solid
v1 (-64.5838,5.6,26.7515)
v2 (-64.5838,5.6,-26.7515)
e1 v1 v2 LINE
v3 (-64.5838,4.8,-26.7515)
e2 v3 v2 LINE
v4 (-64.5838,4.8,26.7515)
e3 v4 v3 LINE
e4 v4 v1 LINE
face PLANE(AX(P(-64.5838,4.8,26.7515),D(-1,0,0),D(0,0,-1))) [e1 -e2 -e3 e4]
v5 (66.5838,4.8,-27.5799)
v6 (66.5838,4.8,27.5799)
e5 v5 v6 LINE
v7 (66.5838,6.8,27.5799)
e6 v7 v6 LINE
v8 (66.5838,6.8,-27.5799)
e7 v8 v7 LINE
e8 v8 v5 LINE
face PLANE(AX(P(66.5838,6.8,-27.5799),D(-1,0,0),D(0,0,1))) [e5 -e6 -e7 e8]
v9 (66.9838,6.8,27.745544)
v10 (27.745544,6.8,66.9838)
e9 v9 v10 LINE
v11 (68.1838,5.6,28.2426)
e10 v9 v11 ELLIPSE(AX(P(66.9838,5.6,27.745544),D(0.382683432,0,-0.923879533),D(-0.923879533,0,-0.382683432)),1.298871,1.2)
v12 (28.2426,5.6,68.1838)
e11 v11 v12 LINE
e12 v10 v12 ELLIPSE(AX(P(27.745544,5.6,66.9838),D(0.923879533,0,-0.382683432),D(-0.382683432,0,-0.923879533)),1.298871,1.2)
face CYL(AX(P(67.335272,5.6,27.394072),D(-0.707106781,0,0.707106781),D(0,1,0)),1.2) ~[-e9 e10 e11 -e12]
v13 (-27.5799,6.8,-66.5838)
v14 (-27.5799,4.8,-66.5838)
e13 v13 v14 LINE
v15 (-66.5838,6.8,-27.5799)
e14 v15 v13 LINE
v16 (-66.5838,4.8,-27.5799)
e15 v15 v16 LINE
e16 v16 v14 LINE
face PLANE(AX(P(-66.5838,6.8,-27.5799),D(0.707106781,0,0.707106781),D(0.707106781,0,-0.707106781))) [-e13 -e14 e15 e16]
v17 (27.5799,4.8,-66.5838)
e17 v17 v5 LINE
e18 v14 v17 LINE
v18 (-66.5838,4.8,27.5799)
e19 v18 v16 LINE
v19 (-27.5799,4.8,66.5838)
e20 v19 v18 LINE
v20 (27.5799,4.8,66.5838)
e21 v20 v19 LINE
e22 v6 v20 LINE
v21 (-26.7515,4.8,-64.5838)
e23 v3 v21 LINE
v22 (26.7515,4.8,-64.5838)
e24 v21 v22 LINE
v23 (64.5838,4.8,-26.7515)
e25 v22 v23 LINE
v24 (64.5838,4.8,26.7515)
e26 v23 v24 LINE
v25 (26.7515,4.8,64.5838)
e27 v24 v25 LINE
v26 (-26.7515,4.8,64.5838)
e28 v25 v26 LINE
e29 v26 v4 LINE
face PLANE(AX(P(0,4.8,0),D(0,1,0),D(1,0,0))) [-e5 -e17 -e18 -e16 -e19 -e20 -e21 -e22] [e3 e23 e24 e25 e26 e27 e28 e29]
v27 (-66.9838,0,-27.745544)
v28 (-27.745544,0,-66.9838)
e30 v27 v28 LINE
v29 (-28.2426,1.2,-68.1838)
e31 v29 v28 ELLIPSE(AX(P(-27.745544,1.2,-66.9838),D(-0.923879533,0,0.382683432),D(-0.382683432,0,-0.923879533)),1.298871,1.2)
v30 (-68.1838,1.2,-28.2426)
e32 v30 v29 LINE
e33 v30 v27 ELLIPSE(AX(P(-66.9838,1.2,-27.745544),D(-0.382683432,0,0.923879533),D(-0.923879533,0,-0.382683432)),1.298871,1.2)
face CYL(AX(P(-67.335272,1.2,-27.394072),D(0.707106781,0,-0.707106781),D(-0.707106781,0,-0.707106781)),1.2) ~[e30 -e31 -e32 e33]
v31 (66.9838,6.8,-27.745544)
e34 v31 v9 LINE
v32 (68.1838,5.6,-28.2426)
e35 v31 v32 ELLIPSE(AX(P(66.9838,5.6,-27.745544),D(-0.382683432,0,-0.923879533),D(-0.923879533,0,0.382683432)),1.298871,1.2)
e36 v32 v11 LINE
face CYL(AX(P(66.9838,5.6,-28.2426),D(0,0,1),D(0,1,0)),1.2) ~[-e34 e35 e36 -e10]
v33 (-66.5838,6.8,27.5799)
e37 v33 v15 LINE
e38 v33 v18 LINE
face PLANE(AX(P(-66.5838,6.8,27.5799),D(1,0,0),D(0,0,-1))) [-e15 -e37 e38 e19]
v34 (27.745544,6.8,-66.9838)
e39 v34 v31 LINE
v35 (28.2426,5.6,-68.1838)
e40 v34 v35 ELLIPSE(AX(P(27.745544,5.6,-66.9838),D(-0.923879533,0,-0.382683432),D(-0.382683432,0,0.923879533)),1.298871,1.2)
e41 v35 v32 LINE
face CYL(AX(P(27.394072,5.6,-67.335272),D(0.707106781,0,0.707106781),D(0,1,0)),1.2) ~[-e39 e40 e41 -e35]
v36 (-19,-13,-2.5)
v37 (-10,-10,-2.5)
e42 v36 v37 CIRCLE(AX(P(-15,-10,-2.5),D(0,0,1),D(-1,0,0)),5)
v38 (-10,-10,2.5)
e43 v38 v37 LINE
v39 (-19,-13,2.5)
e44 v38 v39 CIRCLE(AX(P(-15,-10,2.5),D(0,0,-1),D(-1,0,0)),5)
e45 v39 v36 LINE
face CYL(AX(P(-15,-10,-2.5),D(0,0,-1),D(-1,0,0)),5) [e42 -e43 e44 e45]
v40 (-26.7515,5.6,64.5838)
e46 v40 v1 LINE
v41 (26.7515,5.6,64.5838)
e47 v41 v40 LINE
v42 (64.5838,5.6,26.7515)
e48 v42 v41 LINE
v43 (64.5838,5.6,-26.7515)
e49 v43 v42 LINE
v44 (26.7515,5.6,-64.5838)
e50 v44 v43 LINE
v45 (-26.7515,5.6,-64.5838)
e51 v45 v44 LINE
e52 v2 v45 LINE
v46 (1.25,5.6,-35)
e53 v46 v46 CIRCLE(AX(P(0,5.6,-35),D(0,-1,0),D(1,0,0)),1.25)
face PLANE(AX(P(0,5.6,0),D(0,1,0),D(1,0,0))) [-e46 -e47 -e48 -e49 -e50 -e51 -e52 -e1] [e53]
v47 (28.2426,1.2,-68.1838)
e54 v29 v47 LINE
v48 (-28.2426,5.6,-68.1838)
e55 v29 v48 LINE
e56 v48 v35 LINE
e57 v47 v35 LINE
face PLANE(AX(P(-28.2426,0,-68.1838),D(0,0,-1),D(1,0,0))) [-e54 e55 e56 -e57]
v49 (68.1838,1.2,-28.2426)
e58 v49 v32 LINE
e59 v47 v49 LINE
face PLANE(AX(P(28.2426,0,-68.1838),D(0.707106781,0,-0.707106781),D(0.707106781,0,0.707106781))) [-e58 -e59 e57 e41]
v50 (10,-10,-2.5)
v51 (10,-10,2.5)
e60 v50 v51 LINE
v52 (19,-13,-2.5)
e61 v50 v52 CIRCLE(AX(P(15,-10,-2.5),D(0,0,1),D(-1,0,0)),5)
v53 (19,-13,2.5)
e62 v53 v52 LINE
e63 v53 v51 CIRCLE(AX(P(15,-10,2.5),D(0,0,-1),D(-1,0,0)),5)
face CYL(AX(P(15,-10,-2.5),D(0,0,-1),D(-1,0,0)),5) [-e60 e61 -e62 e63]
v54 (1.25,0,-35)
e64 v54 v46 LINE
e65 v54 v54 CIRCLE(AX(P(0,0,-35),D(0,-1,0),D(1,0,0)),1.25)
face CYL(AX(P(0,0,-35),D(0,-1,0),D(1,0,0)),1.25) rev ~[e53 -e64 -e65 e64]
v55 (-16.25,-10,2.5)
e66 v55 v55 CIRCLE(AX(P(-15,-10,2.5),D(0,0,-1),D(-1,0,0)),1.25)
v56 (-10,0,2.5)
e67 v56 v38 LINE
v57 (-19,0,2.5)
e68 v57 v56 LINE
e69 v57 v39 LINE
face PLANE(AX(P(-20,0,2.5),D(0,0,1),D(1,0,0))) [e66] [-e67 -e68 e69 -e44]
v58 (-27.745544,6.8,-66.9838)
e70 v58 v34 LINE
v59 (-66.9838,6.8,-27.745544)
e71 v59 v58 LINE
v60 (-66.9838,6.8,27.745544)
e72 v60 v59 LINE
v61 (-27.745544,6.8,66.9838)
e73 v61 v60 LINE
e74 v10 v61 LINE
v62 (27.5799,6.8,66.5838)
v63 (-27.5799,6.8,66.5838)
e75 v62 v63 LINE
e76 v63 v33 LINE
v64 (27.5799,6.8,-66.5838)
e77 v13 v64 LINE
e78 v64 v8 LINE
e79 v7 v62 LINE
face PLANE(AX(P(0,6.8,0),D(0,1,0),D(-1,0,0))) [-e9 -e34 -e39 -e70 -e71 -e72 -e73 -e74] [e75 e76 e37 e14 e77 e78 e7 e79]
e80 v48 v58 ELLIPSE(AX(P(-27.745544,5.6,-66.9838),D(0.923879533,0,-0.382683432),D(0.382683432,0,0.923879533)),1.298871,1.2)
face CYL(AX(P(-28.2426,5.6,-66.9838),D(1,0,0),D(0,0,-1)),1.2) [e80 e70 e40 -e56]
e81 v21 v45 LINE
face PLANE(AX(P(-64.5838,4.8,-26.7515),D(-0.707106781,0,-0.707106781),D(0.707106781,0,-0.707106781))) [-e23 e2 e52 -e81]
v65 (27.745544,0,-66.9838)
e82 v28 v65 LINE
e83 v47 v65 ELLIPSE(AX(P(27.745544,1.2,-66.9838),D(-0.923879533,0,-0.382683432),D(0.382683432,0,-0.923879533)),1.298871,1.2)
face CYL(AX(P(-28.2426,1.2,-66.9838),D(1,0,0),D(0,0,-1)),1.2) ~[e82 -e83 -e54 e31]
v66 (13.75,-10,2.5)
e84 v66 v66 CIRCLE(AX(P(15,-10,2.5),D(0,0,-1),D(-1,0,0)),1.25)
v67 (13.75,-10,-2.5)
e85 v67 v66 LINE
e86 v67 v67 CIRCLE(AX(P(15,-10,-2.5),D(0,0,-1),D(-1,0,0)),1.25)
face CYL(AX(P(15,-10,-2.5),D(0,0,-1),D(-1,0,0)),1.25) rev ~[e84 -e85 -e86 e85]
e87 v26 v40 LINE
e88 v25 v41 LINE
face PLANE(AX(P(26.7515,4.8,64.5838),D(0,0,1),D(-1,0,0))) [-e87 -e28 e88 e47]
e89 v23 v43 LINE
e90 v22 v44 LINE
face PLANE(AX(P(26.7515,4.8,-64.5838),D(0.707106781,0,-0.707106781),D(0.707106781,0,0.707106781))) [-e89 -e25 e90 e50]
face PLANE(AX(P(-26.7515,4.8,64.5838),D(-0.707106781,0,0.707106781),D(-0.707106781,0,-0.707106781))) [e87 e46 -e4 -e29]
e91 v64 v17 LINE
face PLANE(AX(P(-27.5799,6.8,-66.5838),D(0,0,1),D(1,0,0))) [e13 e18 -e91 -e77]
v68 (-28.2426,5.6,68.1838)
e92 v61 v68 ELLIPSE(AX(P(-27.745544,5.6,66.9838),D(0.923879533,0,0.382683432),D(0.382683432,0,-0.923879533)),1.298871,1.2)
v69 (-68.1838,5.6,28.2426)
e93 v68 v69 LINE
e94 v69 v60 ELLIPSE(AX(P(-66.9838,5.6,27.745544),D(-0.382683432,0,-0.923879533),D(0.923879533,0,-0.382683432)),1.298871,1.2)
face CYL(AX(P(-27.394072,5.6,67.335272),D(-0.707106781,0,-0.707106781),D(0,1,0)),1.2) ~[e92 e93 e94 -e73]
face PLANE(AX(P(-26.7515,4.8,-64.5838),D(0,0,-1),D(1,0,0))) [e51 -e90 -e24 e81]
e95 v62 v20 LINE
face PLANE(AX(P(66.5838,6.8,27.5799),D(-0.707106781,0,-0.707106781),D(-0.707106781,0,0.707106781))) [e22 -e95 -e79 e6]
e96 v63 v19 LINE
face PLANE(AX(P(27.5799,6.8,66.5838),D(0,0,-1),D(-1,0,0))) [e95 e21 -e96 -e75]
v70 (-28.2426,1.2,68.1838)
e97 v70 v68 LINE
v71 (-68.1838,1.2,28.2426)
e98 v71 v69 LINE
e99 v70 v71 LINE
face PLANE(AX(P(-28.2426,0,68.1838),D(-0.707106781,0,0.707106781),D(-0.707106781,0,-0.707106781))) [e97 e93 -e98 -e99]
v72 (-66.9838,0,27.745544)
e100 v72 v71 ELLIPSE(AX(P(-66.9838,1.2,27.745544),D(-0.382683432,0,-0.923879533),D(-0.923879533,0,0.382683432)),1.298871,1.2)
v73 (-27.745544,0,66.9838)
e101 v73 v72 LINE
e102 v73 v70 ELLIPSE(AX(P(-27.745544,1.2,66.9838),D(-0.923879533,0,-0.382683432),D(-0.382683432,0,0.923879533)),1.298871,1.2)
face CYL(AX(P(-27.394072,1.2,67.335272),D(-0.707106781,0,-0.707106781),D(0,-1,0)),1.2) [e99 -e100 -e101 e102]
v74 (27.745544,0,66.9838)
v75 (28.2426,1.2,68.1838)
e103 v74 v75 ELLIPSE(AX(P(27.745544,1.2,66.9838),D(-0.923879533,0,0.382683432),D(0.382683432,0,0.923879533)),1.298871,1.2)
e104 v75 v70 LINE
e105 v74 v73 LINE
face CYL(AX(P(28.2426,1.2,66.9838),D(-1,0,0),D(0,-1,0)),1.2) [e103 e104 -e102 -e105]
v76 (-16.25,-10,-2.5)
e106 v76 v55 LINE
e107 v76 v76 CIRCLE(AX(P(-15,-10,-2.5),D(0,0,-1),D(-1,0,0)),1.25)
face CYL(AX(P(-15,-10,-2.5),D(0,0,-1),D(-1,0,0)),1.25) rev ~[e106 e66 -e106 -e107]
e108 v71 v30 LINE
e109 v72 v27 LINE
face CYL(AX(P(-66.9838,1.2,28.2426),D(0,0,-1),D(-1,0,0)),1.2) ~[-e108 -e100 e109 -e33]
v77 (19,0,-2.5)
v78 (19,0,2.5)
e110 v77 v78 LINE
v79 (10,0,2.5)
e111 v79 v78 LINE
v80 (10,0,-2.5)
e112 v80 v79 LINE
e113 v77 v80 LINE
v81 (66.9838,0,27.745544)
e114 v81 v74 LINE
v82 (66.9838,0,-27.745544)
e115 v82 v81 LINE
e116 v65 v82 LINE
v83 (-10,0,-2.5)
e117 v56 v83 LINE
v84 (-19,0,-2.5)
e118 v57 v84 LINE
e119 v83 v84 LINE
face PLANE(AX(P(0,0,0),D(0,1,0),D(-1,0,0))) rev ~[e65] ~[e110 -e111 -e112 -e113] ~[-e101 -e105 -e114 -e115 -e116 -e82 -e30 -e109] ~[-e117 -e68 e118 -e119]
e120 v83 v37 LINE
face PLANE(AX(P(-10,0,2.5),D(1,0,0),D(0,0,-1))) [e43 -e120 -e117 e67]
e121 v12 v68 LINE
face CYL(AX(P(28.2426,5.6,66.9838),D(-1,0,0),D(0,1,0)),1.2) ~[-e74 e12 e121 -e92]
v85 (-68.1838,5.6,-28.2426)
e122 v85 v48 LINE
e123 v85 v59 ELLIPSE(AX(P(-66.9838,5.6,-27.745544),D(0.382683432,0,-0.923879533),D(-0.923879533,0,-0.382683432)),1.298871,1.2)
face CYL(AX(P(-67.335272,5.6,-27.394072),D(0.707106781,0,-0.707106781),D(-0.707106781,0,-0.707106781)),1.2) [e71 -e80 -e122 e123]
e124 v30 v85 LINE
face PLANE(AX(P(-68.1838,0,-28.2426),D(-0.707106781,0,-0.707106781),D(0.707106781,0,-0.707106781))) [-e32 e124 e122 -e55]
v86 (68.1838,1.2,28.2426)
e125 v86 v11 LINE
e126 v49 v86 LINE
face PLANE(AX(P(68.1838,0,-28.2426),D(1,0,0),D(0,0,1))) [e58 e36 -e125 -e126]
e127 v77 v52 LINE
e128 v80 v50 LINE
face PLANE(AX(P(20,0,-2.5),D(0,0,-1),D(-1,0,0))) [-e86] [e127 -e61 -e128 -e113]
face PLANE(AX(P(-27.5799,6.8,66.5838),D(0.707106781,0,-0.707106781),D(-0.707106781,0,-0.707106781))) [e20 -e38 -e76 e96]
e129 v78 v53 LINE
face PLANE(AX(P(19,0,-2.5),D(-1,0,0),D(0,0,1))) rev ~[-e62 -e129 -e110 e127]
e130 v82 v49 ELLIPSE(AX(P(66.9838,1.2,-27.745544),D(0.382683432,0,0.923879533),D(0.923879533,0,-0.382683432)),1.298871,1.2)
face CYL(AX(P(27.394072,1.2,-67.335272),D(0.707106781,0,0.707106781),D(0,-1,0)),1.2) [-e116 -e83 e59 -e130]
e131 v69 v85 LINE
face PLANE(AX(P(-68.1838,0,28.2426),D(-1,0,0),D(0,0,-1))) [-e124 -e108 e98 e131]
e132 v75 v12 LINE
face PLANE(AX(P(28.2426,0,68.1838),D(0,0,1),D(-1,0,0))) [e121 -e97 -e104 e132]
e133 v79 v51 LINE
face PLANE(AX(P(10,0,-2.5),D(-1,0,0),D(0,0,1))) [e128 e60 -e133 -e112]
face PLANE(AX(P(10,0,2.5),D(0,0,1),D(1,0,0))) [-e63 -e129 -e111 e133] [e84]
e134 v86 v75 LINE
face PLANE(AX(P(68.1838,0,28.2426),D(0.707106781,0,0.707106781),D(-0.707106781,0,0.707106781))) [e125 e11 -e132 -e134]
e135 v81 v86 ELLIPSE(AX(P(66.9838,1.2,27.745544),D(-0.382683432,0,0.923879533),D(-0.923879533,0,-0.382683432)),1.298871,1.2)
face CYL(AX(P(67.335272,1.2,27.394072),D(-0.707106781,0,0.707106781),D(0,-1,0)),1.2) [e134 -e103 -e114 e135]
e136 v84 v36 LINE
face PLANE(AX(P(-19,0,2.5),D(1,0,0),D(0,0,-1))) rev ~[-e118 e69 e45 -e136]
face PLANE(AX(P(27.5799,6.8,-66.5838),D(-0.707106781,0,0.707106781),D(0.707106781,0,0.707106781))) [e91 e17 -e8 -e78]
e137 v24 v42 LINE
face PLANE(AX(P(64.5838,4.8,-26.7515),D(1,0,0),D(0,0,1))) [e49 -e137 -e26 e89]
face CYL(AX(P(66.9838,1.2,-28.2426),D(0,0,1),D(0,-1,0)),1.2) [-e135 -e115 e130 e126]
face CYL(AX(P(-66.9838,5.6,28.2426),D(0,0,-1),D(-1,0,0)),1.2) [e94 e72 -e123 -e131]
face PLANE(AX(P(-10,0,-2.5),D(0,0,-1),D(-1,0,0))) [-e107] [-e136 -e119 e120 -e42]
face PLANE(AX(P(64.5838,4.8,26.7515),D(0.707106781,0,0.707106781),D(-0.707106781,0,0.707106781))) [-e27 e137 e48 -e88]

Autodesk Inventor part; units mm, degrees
ref_plane "YZ Plane" through (0, 0, 0) normal (1, 0, 0) x (0, 1, 0)
ref_plane "XZ Plane" through (0, 0, 0) normal (0, 1, 0) x (-1, 0, 0)
ref_plane "XY Plane" through (0, 0, 0) normal (0, 0, 1) x (1, 0, 0)
sketch "스케치3" plane through (0, 0, 0) normal (0, 1, 0) x (-1, 0, 0)
  line L0 (68.1838, -28.2426) -> (28.2426, -68.1838)
  line L1 (28.2426, -68.1838) -> (-28.2426, -68.1838)
  line L2 (-28.2426, -68.1838) -> (-68.1838, -28.2426)
  line L3 (-68.1838, -28.2426) -> (-68.1838, 28.2426)
  line L4 (-68.1838, 28.2426) -> (-28.2426, 68.1838)
  line L5 (-28.2426, 68.1838) -> (28.2426, 68.1838)
  line L6 (28.2426, 68.1838) -> (68.1838, 28.2426)
  line L7 (68.1838, 28.2426) -> (68.1838, -28.2426)
  line L8 (65.1838, -27) -> (27, -65.1838)
  line L9 (27, -65.1838) -> (-27, -65.1838)
  line L10 (-27, -65.1838) -> (-65.1838, -27)
  line L11 (-65.1838, -27) -> (-65.1838, 27)
  line L12 (-65.1838, 27) -> (-27, 65.1838)
  line L13 (-27, 65.1838) -> (27, 65.1838)
  line L14 (27, 65.1838) -> (65.1838, 27)
  line L15 (65.1838, 27) -> (65.1838, -27)
  point P0 (0, 0)
  point P1 (0, 0)
  point P2 (0, 0)
  point P3 (0, 0)
  dimension "d43" = 54
  dimension "d44" = 3
extrude "돌출2" add sketch "스케치3" along normal blind 6.8 contours L0 L1 L2 L3 L4 L5 L6 L7 | L8 L9 L10 L11 L12 L13 L14 L15
sketch "스케치4" plane through (0, 6.8, 0) normal (0, 1, 0) x (1, 0, 0)
  line L0 (26.8343, -64.7838) -> (-26.8343, -64.7838)
  line L1 (-26.8343, -64.7838) -> (-64.7838, -26.8343)
  line L2 (-64.7838, -26.8343) -> (-64.7838, 26.8343)
  line L3 (-64.7838, 26.8343) -> (-26.8343, 64.7838)
  line L4 (-26.8343, 64.7838) -> (26.8343, 64.7838)
  line L5 (26.8343, 64.7838) -> (64.7838, 26.8343)
  line L6 (64.7838, 26.8343) -> (64.7838, -26.8343)
  line L7 (64.7838, -26.8343) -> (26.8343, -64.7838)
  line L8 (-27.5799, 66.5838) -> (27.5799, 66.5838)
  line L9 (27.5799, 66.5838) -> (66.5838, 27.5799)
  line L10 (66.5838, 27.5799) -> (66.5838, -27.5799)
  line L11 (66.5838, -27.5799) -> (27.5799, -66.5838)
  line L12 (27.5799, -66.5838) -> (-27.5799, -66.5838)
  line L13 (-27.5799, -66.5838) -> (-66.5838, -27.5799)
  line L14 (-66.5838, -27.5799) -> (-66.5838, 27.5799)
  line L15 (-66.5838, 27.5799) -> (-27.5799, 66.5838)
  line L16 (-26.7515, 64.5838) -> (26.7515, 64.5838)
  line L17 (26.7515, 64.5838) -> (64.5838, 26.7515)
  line L18 (64.5838, 26.7515) -> (64.5838, -26.7515)
  line L19 (64.5838, -26.7515) -> (26.7515, -64.5838)
  line L20 (26.7515, -64.5838) -> (-26.7515, -64.5838)
  line L21 (-26.7515, -64.5838) -> (-64.5838, -26.7515)
  line L22 (-64.5838, -26.7515) -> (-64.5838, 26.7515)
  line L23 (-64.5838, 26.7515) -> (-26.7515, 64.5838)
  line L24 (-68.1838, 28.2426) -> (-68.1838, -28.2426) projected
  point P0 (0, 0)
  point P1 (0, 0)
  point P2 (0, 0)
  point P3 (0, 0)
  dimension "d42" = 1.8
  dimension "d45" = 0.2
  dimension "d60" = 1.6
extrude "돌출3" cut sketch "스케치4" against normal blind 2 contours L0 L1 L2 L3 L4 L5 L6 L7 | L8 L9 L10 L11 L12 L13 L14 L15 | L16 L17 L18 L19 L20 L21 L22 L23
sketch "스케치5" plane through (0, 0, 0) normal (0, -1, 0) x (1, 0, 0)
  line L0 (10, 2.5) -> (20, 2.5)
  line L1 (20, 2.5) -> (20, -2.5)
  line L2 (20, -2.5) -> (10, -2.5)
  line L3 (10, -2.5) -> (10, 2.5)
  line L4 (10, 2.5) -> (20, -2.5) construction
  line L5 (20, 2.5) -> (10, -2.5) construction
  line L6 (-20, 2.5) -> (-10, 2.5)
  line L7 (-10, 2.5) -> (-10, -2.5)
  line L8 (-10, -2.5) -> (-20, -2.5)
  line L9 (-20, -2.5) -> (-20, 2.5)
  line L10 (-20, 2.5) -> (-10, -2.5) construction
  line L11 (-10, 2.5) -> (-20, -2.5) construction
  point P0 (0, 0)
  point P1 (15, 0)
  point P2 (-15, 0)
  dimension "d11" = 10
  dimension "d12" = 5
  dimension "d13" = 10
  dimension "d16" = 30
extrude "돌출4" add sketch "스케치5" along normal blind 10
sketch "스케치6" plane through (-10, 0, -2.5) normal (0, 0, -1) x (-1, 0, 0)
  circle A0 centre (5, -10) radius 5
  circle A1 centre (-25, -10) radius 5
  line L0 (-20, -10) -> (-30, -10) projected
  line L1 (10, -10) -> (0, -10) projected
  point P0 (-10, 0)
  dimension "d23" = 10
  dimension "d24" = 10
extrude "돌출5" add sketch "스케치6" against normal blind 5
sketch "스케치7" plane through (-10, 0, -2.5) normal (0, 0, -1) x (-1, 0, 0)
  circle A0 centre (5, -10) radius 1.25
  line L0 (10, 0) -> (10, -10) projected
  line L1 (0, 0) -> (10, 0) projected
  line L2 (4.7788, 0) -> (0, 0)
  circle A1 centre (-25, -10) radius 1.25
  point P0 (-10, 0)
  dimension "d27" = 2.5
  dimension "d28" = 5
  dimension "d31" = 30
extrude "돌출6" cut sketch "스케치7" against normal blind 5
sketch "스케치8" plane through (0, 0, 0) normal (0, -1, 0) x (1, 0, 0)
  circle A0 centre (0, -35) radius 1.25
  line L0 (-10, 2.5) -> (-10, -2.5) projected
  point P0 (0, 0)
  point P1 (-10, 0)
  dimension "d38" = 2.5
  dimension "d39" = 35
sketch "스케치9" plane through (0, 4.8, 0) normal (0, 1, 0) x (1, 0, 0)
  line L0 (-26.7515, 64.5838) -> (26.7515, 64.5838)
  line L1 (26.7515, 64.5838) -> (64.5838, 26.7515)
  line L2 (64.5838, 26.7515) -> (64.5838, -26.7515)
  line L3 (64.5838, -26.7515) -> (26.7515, -64.5838)
  line L4 (26.7515, -64.5838) -> (-26.7515, -64.5838)
  line L5 (-26.7515, -64.5838) -> (-64.5838, -26.7515)
  line L6 (-64.5838, -26.7515) -> (-64.5838, 26.7515)
  line L7 (-64.5838, 26.7515) -> (-26.7515, 64.5838)
  line L8 (-27.5799, 66.5838) -> (27.5799, 66.5838) projected
  line L9 (-25.5088, 61.5838) -> (25.5088, 61.5838)
  line L10 (25.5088, 61.5838) -> (61.5838, 25.5088)
  line L11 (61.5838, 25.5088) -> (61.5838, -25.5088)
  line L12 (61.5838, -25.5088) -> (25.5088, -61.5838)
  line L13 (25.5088, -61.5838) -> (-25.5088, -61.5838)
  line L14 (-25.5088, -61.5838) -> (-61.5838, -25.5088)
  line L15 (-61.5838, -25.5088) -> (-61.5838, 25.5088)
  line L16 (-61.5838, 25.5088) -> (-25.5088, 61.5838)
  point P0 (0, 0)
  point P1 (0, 0)
  point P2 (0, 0)
  dimension "d46" = 2
  dimension "d47" = 3
extrude "돌출8" add sketch "스케치9" along normal blind 0.8 contours L0 L1 L2 L3 L4 L5 L6 L7 | L9 L10 L11 L12 L13 L14 L15 L16
fillet "모깎기1" radius 1.2 16 edges at (-68.1838, 6.8, 0) (-48.2132, 6.8, 48.2132) (0, 6.8, 68.1838) (48.2132, 6.8, 48.2132) (68.1838, 6.8, 0) (48.2132, 6.8, -48.2132) (0, 6.8, -68.1838) (-48.2132, 6.8, -48.2132) (48.2132, 0, 48.2132) (0, 0, 68.1838) (-48.2132, 0, 48.2132) (-68.1838, 0, 0) (-48.2132, 0, -48.2132) (0, 0, -68.1838) (48.2132, 0, -48.2132) (68.1838, 0, 0)
sketch "스케치10" plane through (0, 0, 0) normal (0, -1, 0) x (1, 0, 0)
  line L0 (-20, 2.5) -> (-10, 2.5) projected
  line L1 (-10, -2.5) -> (-20, -2.5) projected
  line L2 (-20, 2.5) -> (-19, 2.5)
  line L3 (-19, 2.5) -> (-19, -2.5)
  line L4 (-19, -2.5) -> (-20, -2.5)
  line L5 (-20, -2.5) -> (-20, 2.5)
  line L6 (20, -2.5) -> (10, -2.5) projected
  line L7 (10, 2.5) -> (20, 2.5) projected
  line L8 (20, -2.5) -> (19, -2.5)
  line L9 (19, -2.5) -> (19, 2.5)
  line L10 (19, 2.5) -> (20, 2.5)
  line L11 (20, 2.5) -> (20, -2.5)
  point P0 (0, 0)
  dimension "d54" = 1
  dimension "d55" = 1
extrude "돌출9" cut sketch "스케치10" along normal blind 15
extrude "돌출10" cut sketch "스케치8" against normal up to surface (5.6 mm away)
equation "\"d55\" = d54"
properties part number "OV-PAM_top_2"
